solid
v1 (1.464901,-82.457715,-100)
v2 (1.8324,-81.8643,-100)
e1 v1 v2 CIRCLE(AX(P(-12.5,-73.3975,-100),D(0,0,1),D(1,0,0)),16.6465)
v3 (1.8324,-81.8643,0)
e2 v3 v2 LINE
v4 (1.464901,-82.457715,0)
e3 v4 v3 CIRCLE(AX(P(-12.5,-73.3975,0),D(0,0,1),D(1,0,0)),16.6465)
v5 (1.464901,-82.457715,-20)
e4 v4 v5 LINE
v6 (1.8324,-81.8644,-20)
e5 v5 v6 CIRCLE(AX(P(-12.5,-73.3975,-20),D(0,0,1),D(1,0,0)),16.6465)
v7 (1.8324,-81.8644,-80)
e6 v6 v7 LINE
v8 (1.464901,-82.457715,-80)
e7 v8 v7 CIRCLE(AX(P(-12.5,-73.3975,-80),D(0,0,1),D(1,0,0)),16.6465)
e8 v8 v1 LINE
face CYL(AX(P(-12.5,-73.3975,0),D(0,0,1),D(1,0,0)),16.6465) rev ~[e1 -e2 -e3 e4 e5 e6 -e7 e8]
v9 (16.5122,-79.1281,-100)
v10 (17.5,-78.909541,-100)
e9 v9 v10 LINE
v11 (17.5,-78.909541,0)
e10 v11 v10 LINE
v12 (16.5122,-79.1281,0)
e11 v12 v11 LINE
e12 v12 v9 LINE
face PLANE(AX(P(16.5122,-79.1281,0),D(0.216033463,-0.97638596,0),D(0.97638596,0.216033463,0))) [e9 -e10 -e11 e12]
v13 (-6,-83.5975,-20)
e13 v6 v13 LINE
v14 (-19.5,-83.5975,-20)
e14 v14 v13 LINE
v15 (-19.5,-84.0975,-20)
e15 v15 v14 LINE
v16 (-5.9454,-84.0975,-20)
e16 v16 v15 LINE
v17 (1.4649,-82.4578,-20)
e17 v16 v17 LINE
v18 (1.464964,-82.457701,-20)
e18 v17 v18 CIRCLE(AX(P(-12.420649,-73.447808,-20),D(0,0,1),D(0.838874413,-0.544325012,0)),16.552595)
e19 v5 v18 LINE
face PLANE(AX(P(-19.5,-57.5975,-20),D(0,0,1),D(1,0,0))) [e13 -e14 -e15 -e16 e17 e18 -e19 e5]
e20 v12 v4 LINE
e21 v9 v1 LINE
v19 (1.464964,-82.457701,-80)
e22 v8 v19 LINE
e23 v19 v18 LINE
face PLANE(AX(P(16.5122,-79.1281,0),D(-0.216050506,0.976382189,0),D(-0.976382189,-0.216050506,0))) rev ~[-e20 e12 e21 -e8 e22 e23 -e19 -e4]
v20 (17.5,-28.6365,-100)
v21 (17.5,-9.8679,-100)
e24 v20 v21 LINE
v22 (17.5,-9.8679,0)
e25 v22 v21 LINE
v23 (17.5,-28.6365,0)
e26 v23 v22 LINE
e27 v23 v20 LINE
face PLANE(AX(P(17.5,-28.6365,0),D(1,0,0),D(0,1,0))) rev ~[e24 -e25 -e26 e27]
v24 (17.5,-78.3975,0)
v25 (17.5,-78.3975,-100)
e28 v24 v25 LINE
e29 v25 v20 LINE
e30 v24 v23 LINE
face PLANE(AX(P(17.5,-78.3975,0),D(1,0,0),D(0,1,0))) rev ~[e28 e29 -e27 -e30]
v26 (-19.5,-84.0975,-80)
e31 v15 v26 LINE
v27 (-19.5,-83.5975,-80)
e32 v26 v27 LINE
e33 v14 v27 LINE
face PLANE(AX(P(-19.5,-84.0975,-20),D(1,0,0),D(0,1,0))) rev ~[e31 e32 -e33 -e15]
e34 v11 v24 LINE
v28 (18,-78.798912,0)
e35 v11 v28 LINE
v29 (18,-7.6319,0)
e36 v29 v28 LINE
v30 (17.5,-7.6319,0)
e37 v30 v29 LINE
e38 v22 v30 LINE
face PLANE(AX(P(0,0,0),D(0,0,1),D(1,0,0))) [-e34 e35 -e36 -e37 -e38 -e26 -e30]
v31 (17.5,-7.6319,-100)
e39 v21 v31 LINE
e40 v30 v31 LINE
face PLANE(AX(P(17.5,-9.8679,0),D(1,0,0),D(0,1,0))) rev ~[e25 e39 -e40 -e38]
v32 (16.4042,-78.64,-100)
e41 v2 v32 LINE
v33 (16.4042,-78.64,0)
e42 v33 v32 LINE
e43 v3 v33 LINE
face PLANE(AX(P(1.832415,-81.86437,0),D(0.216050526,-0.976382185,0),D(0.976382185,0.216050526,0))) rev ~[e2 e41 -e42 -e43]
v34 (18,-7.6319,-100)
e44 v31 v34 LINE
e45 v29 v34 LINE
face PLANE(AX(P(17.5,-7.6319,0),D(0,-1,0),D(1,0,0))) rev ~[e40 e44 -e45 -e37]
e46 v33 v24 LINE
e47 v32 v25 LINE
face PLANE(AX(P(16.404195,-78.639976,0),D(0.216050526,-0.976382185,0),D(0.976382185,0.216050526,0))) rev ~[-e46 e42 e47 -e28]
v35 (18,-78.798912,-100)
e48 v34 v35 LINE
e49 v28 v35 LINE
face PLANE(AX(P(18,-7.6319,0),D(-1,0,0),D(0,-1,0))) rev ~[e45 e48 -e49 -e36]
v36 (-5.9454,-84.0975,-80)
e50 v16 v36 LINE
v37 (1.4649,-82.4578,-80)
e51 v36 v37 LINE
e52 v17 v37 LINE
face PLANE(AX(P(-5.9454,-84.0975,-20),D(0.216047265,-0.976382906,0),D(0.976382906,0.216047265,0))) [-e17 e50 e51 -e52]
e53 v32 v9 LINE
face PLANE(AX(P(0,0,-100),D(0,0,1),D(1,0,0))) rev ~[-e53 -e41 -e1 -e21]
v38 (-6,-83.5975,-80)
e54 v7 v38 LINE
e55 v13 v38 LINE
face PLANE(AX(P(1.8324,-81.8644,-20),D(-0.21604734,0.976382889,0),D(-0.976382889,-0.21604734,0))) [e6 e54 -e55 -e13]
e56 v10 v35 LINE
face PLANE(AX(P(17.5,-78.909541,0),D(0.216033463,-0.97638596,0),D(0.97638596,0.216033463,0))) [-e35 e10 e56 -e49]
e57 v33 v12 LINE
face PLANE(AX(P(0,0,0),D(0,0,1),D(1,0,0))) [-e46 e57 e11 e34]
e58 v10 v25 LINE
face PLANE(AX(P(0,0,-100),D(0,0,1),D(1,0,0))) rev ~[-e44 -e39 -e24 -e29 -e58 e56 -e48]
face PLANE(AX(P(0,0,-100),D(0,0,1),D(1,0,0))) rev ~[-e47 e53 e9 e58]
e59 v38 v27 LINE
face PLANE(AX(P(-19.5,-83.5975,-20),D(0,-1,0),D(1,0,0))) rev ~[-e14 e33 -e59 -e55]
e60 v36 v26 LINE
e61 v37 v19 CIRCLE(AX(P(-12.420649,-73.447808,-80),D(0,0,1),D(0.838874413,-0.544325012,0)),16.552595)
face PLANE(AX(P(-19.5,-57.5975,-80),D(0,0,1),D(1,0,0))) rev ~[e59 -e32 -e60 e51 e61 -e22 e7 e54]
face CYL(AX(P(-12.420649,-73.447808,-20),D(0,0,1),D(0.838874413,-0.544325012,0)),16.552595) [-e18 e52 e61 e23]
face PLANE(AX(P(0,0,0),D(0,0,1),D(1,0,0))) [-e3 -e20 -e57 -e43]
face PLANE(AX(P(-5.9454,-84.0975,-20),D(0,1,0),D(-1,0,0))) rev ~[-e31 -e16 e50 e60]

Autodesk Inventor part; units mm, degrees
ref_plane "YZ Plane" through (0, 0, 0) normal (1, 0, 0) x (0, 1, 0)
ref_plane "XZ Plane" through (0, 0, 0) normal (0, 1, 0) x (-1, 0, 0)
ref_plane "XY Plane" through (0, 0, 0) normal (0, 0, 1) x (1, 0, 0)
sketch "Sketch1" plane through (0, 0, 0) normal (0, 0, 1) x (1, 0, 0)
  line L0 (-17.5, 7.6319) -> (17.5, -9.8679) projected
  line L1 (17.5, -9.8679) -> (17.5, -7.6319) projected
  line L2 (17.5, -7.6319) -> (-17.5, 9.8679) projected
  line L3 (-17.5, 9.8679) -> (-17.5, 7.6319) projected
  line L4 (-7.5, -29.4219) -> (-3.6225, -29.4219) projected
  arc A0 (-1.9153, -30.38) -> (-3.6225, -29.4219) centre (-3.6225, -31.4219) ccw projected
  line L5 (-1.9153, -30.38) -> (2.2072, -37.135) projected
  arc A1 (2.5, -38.1769) -> (2.2072, -37.135) centre (0.5, -38.1769) ccw projected
  line L6 (2.5, -38.1769) -> (2.5, -47.4219) projected
  arc A2 (0.5, -49.4219) -> (2.5, -47.4219) centre (0.5, -47.4219) ccw projected
  line L7 (0.5, -49.4219) -> (-7.5, -49.4219) projected
  line L8 (-7.5, -49.4219) -> (-7.5, -29.4219) projected
  spline S0 degree 3 poles (6.0485, -14.3337) (6.0213, -14.5971) (5.9428, -14.8528) (5.6929, -15.3183) (5.524, -15.5241) (5.1467, -15.8339) (4.9505, -15.9462) (4.5292, -16.1007) (4.3073, -16.1418) (4.0832, -16.1449) knots 0 0 0 0 0.079442 0.079442 0.158531 0.158531 0.225919 0.225919 0.293184 0.293184 0.293184 0.293184 projected
  line L9 (6.0485, -14.3337) -> (6.563, -9.3583) projected
  line L10 (6.563, -9.3583) -> (6.8849, -5.9915) projected
  arc A3 (6.8849, -5.9915) -> (5.7884, -4.0122) centre (4.894, -5.8011) ccw projected
  line L11 (-17.5, 7.6319) -> (5.7884, -4.0122) projected
  line L12 (-17.5, -57.5975) -> (-17.5, 7.6319) projected
  arc A4 (-4.376, -58.868) -> (-17.5, -57.5975) centre (-12.5, -74.368) ccw projected
  arc A5 (1.8324, -81.8643) -> (-4.376, -58.868) centre (-12.5, -73.3975) ccw projected
  line L13 (17.5, -78.3975) -> (17.5, -28.6365) projected
  ellipse E0 centre (15.5, -28.6365) end of major axis (15.5, -26.6191) minor radius 2 (17.5, -28.6365) -> (15.6888, -26.6281) ccw projected
  line L14 (15.6888, -26.6281) -> (3.1949, -25.4333) projected
  line L15 (3.1949, -25.4333) -> (4.0832, -16.1449) projected
  circle A6 centre (12, -52.3461) radius 1.25 projected
  circle A7 centre (-5.3255, -52.3461) radius 1.25 projected
  line L16 (14, -34.918) -> (10, -34.918) projected
  line L17 (14, -41.318) -> (14, -34.918) projected
  line L18 (10, -41.318) -> (14, -41.318) projected
  line L19 (10, -34.918) -> (10, -41.318) projected
  line L20 (-13.7851, -31.6782) -> (-9.7851, -31.6782) projected
  line L21 (-13.7851, -25.2782) -> (-13.7851, -31.6782) projected
  line L22 (-9.7851, -25.2782) -> (-13.7851, -25.2782) projected
  line L23 (-9.7851, -31.6782) -> (-9.7851, -25.2782) projected
  circle A8 centre (-7.1425, -17.0027) radius 1.25 projected
  line L24 (-19.5, -83.5975) -> (-17.5, -83.5975) projected
  line L25 (-17.5, -57.5975) -> (-17.5, -83.5975) projected
  line L26 (-19.5, -57.5975) -> (-17.5, -57.5975) projected
  line L27 (-19.5, -57.5975) -> (-19.5, -83.5975) projected
  line L28 (-12.5, -83.5975) -> (-17.5, -83.5975) projected
  arc A9 (-12.5, -83.5975) -> (-6.9024, -81.9243) centre (-12.5, -73.3975) ccw projected
  line L29 (17.5, -7.6319) -> (18, -7.6319)
  line L30 (18, -7.6319) -> (18, -79.7438)
  line L31 (18, -79.7438) -> (17.5, -79.7438)
  line L32 (17.5, -79.7438) -> (17.5, -7.6319)
  line L33 (-6, -67.7722) -> (-6, -79.3975) projected
  line L34 (-12.5, -83.5975) -> (-17.5, -83.5975) projected
  arc A10 (-12.5, -83.5975) -> (-6.9024, -81.9243) centre (-12.5, -73.3975) ccw projected
  arc A11 (-6.9024, -81.9243) -> (-6, -80.2524) centre (-8, -80.2524) ccw projected
  line L35 (-6, -79.3975) -> (-6, -67.7722) projected
  line L36 (-6, -80.2524) -> (-6, -79.3975) projected
  line L37 (-19.5, -83.5975) -> (-6, -83.5975)
  line L38 (-6, -83.5975) -> (-6, -84.0975)
  line L39 (-6, -84.0975) -> (-19.5, -84.0975)
  line L40 (-19.5, -84.0975) -> (-19.5, -83.5975)
  line L41 (-6, -83.5975) -> (17.5, -78.3975)
  line L42 (16.4042, -78.64) -> (16.5122, -79.1281)
  line L43 (-3.7701, -83.1041) -> (-3.6621, -83.5922)
  line L44 (16.5122, -79.1281) -> (-3.6621, -83.5922)
  line L45 (16.5122, -79.1281) -> (21.5032, -78.0238)
  line L46 (-3.6621, -83.5922) -> (-17.5, -86.6542)
  line L47 (-6, -84.0975) -> (-5.7395, -84.0975)
  circle A12 centre (-12.5, -73.3975) radius 16.6465
  line L48 (1.8324, -81.8643) -> (17.5, -78.3975) projected
  point P0 (0, 0)
  point P1 (1.8324, -81.8643)
  point P2 (1.4649, -82.4578)
  point P3 (18, -78.7989)
  dimension "d0" = 0.5
  dimension "d1" = 0.5
  dimension "d4" = 0.5
  dimension "d5" = 0.5
extrude "Extrusion1" add sketch "Sketch1" against normal blind 100 contours L1 L29 L30 L45 L32 L13 | L32 L45 L42 L41 | L41 L42 L44 A12
ref_plane "Work Plane1" through (-19.5, -57.5975, -20) normal (0, 0, 1) x (1, 0, 0)
sketch "Sketch2" plane through (-19.5, -57.5975, -20) normal (0, 0, 1) x (1, 0, 0)
  line L0 (0, -26) -> (2, -26) projected
  line L1 (2, 0) -> (2, -26) projected
  line L2 (0, 0) -> (2, 0) projected
  line L3 (0, 0) -> (0, -26) projected
  line L4 (7, -26) -> (2, -26) projected
  arc A0 (7, -26) -> (12.5976, -24.3269) centre (7, -15.8) ccw projected
  line L5 (13.5, -21.8) -> (13.5, -10.1747) projected
  line L6 (0, -26) -> (13.5546, -26)
  line L7 (13.5546, -26) -> (13.5546, -26.5)
  line L8 (13.5546, -26.5) -> (0, -26.5)
  line L9 (0, -26.5) -> (0, -26)
  line L10 (37.5, -21.2015) -> (20.9649, -24.8603) projected
  line L11 (13.5546, -26.5) -> (20.9649, -24.8603)
  line L12 (20.9649, -24.8603) -> (37.5, -21.2015) projected
  line L13 (37.5, -21.2015) -> (37.5, 49.9656) projected
  line L14 (37.5, 49.9656) -> (37, 49.9656) projected
  line L15 (37, 49.9656) -> (37, -20.8) projected
  line L16 (37, -20.8) -> (21.3324, -24.2669) projected
  arc A1 (20.9649, -24.8603) -> (21.3324, -24.2669) centre (7, -15.8) ccw projected
  arc A2 (20.9649, -24.8603) -> (21.3324, -24.2669) centre (7, -15.8) ccw projected
  line L17 (21.3324, -24.2669) -> (13.5, -26)
  point P0 (19.5, 57.5975)
  dimension "d8" = 0.5
extrude "Extrusion2" add sketch "Sketch2" against normal blind 60 contours L0 L4 L6 L7 L8 L9 | L7 L6 L17 A1 L11
sketch "Sketch3" plane through (-19.5, -57.5975, -20) normal (0, 0, 1) x (1, 0, 0)
  line L0 (0, -26.5) -> (13.5546, -26.5) projected
  line L1 (13.5546, -26.5) -> (20.9649, -24.8603) projected
  arc A0 (20.9649, -24.8603) -> (21.3324, -24.2669) centre (7, -15.8) ccw projected
  line L2 (21.3324, -24.2669) -> (13.5, -26) projected
  line L3 (13.5, -26) -> (0, -26) projected
  line L4 (0, -26) -> (0, -26.5) projected
  point P0 (19.5, 57.5975)
  dimension "d11" = 167.523
properties part number "pokrywa" material "Aluminum 6061"
